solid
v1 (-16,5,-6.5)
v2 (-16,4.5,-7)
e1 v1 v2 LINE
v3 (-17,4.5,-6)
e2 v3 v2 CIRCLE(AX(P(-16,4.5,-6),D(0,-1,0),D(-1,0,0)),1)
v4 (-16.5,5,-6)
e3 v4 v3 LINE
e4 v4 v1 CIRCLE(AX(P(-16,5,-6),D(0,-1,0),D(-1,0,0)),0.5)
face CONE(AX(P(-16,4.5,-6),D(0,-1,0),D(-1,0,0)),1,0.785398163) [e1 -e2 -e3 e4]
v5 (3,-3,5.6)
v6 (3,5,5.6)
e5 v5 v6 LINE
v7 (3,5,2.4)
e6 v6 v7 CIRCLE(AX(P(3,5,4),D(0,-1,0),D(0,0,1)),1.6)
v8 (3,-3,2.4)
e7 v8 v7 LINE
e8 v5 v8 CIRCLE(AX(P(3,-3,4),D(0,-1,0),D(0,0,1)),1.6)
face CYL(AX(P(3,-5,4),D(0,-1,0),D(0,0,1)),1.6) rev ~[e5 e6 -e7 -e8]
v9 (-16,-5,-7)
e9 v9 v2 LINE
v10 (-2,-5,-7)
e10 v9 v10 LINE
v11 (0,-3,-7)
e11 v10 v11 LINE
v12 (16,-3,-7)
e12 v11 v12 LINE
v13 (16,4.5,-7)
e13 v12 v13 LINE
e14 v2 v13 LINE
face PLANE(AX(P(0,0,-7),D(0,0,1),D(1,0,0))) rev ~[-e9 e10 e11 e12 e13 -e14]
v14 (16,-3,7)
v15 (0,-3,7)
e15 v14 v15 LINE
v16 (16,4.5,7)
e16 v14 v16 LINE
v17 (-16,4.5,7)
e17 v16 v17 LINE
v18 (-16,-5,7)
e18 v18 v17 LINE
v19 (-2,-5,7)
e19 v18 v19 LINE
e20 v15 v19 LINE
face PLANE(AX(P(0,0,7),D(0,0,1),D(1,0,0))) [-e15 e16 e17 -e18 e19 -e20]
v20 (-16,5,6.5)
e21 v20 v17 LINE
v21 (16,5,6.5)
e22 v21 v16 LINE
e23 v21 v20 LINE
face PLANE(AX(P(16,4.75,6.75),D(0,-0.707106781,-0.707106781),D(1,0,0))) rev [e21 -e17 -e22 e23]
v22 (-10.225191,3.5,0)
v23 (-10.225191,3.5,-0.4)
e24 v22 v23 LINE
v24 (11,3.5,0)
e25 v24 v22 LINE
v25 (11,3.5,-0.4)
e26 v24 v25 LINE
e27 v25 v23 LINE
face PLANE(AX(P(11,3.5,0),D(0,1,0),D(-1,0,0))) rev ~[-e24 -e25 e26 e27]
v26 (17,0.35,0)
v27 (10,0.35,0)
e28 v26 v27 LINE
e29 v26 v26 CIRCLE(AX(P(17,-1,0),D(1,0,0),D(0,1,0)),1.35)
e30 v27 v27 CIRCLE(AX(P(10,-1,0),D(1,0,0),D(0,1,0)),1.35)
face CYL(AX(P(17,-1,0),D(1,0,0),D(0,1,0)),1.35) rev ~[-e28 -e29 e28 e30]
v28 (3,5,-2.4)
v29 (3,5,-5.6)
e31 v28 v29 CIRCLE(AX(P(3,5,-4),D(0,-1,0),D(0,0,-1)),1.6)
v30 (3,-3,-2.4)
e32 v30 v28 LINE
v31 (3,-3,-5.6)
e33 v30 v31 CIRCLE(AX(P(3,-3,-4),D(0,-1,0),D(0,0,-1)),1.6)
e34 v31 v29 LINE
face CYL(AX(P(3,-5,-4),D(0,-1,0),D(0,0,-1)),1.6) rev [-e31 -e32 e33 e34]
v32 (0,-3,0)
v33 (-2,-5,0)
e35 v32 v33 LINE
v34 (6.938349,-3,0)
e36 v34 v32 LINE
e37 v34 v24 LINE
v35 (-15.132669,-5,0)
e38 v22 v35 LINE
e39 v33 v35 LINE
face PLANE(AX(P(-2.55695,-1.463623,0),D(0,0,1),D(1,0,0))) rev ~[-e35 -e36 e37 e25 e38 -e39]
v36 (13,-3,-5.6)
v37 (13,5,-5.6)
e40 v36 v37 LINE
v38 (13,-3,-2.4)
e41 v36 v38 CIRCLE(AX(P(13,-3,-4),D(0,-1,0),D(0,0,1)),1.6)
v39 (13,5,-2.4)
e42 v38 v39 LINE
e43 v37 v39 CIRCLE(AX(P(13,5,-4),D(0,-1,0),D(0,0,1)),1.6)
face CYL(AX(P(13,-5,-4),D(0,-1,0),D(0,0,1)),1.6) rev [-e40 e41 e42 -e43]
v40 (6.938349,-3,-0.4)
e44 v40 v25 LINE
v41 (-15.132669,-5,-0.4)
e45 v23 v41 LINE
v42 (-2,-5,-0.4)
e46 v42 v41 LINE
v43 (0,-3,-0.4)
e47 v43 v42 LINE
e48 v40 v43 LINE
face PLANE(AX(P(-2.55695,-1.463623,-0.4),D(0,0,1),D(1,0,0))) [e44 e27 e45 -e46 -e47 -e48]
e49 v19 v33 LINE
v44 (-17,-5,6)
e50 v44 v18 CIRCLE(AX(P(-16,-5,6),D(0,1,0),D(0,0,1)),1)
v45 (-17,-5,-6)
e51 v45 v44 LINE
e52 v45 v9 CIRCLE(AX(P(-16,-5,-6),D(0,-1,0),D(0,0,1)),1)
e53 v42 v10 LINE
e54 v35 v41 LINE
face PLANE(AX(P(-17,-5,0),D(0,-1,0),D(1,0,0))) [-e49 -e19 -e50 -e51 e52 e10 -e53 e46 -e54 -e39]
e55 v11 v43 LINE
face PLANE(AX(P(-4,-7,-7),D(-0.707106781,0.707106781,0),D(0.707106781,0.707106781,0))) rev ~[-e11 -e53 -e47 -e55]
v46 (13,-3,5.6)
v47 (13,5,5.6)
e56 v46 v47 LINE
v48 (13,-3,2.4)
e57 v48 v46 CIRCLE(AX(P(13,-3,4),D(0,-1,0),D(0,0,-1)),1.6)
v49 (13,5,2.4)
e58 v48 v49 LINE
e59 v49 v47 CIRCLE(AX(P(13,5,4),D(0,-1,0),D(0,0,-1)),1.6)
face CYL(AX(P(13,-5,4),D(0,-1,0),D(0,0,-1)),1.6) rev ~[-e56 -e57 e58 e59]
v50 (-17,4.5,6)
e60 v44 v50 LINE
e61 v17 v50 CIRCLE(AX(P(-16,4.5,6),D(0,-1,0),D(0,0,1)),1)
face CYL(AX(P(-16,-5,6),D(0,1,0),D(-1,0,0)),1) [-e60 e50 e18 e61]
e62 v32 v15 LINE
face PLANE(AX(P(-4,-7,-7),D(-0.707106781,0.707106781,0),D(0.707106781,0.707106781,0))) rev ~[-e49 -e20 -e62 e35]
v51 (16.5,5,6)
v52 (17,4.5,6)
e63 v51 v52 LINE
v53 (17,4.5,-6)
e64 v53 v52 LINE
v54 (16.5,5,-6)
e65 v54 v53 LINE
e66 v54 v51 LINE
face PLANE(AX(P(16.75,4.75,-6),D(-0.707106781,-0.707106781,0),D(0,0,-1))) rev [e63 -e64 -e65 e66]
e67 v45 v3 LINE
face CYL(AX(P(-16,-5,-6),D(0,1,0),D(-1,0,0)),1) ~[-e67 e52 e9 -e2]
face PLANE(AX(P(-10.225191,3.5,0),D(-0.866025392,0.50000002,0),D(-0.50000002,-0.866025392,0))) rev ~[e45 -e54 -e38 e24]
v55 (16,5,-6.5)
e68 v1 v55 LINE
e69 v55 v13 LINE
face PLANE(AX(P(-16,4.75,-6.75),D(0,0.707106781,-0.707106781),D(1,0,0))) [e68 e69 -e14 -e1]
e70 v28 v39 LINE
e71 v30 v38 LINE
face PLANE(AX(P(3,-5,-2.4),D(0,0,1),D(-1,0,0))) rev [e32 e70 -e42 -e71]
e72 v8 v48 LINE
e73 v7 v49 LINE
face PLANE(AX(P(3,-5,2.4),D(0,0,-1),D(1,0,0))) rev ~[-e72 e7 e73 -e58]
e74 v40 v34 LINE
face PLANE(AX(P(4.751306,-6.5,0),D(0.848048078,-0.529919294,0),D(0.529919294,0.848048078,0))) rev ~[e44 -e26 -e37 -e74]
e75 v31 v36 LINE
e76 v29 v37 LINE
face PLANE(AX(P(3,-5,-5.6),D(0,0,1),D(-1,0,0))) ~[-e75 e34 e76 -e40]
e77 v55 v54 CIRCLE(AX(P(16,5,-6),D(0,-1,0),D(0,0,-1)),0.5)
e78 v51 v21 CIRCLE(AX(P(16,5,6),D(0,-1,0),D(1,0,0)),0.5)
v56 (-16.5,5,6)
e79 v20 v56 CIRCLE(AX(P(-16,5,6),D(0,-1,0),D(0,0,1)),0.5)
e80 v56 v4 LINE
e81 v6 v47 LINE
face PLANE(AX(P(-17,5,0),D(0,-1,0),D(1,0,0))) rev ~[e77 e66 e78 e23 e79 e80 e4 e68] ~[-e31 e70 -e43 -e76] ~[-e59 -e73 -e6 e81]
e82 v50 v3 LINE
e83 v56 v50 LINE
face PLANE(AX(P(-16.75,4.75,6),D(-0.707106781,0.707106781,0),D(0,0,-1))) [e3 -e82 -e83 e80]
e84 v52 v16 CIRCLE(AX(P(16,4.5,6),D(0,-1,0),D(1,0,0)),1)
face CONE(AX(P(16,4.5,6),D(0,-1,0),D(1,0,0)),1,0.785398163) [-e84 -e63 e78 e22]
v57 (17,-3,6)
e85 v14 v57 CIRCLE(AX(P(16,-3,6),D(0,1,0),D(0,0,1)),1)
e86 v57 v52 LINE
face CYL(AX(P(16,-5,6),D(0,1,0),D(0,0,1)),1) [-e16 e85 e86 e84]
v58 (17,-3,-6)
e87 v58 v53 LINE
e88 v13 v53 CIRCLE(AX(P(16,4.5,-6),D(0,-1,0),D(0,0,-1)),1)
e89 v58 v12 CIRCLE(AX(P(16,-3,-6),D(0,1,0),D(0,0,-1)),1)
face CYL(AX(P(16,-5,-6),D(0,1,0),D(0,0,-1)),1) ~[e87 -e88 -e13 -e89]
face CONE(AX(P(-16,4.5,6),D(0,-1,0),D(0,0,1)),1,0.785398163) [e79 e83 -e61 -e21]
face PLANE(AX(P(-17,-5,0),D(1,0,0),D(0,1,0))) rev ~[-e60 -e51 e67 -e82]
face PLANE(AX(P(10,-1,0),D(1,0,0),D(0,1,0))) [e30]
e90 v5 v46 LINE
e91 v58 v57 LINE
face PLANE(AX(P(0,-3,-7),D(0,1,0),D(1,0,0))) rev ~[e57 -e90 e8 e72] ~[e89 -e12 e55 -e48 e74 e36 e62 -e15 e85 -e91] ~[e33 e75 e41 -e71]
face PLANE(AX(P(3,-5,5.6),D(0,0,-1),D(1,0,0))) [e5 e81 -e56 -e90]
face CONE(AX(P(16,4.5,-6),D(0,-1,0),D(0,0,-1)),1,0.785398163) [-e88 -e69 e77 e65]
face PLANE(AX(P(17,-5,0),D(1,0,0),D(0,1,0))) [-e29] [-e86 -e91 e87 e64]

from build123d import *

# Parameters (mm, degrees)
SKETCH_W        = 34
SKETCH_H        = 10
PAD_DEPTH       = 7
POCKET_DEPTH    = 0.4
FILLET_R        = 1
POCKET001_DEPTH = 86.211236
CHAMFER_SIZE    = 0.5
SKETCH005_R     = 1.35
POCKET002_DEPTH = 7
POCKET003_DEPTH = 14.001


with BuildPart() as part:
    # Sketch (on XY_Plane of Origin) → Pad (new body, symmetric)
    with BuildSketch(Plane.XY):
        Rectangle(SKETCH_W, SKETCH_H)
    extrude(amount=PAD_DEPTH, both=True)

    # Sketch002 (on XY_Plane of Origin) → Pocket (cut)
    with BuildSketch(Plane.XY):
        Polygon((4.751306, -6.5), (11, 3.5), (-10.225191, 3.5), (-15.998694, -6.5), align=None)
    extrude(amount=-POCKET_DEPTH, mode=Mode.SUBTRACT)

    # Fillet
    fillet_edges = [part.edges().sort_by_distance(p)[0] for p in [
        (17, 0, 7),
        (17, 0, -7),
        (-17, 0, -7),
        (-17, 0, 7),
    ]]
    fillet(fillet_edges, radius=FILLET_R)

    # Sketch003 (on Face1 of Fillet) → Pocket001 (cut, through all)
    with BuildSketch(Plane.XZ.offset(5)):
        with BuildLine():
            ThreePointArc((3, 5.6), (1.4, 4), (3, 2.4))
            Line((3, 2.4), (13, 2.4))
            ThreePointArc((13, 2.4), (14.6, 4), (13, 5.6))
            Line((3, 5.6), (13, 5.6))
        make_face()
    pocket001 = extrude(amount=-POCKET001_DEPTH, mode=Mode.SUBTRACT)

    # Mirrored: Pocket001 across XY
    add(pocket001.mirror(Plane.XY), mode=Mode.SUBTRACT)

    # Chamfer
    chamfer_edges = [part.edges().sort_by_distance(p)[0] for p in [
        (0, 5, -7),
    ]]
    chamfer(chamfer_edges, length=CHAMFER_SIZE)

    # Sketch005 (on Face13 of Chamfer) → Pocket002 (cut)
    with BuildSketch(Plane.YZ.offset(17)):
        with Locations((-1, 0)):
            Circle(SKETCH005_R)
    extrude(amount=-POCKET002_DEPTH, mode=Mode.SUBTRACT)

    # Sketch006 (on Face7 of Pocket002) → Pocket003 (cut, through all)
    with BuildSketch(Plane(origin=(0, 0, -7), x_dir=(1, 0, 0), z_dir=(0, 0, -1))):
        Polygon((-4, 7), (0, 3), (22.51627, 3), (22.51627, 7), align=None)
    extrude(amount=-POCKET003_DEPTH, mode=Mode.SUBTRACT)


solid = part.part
